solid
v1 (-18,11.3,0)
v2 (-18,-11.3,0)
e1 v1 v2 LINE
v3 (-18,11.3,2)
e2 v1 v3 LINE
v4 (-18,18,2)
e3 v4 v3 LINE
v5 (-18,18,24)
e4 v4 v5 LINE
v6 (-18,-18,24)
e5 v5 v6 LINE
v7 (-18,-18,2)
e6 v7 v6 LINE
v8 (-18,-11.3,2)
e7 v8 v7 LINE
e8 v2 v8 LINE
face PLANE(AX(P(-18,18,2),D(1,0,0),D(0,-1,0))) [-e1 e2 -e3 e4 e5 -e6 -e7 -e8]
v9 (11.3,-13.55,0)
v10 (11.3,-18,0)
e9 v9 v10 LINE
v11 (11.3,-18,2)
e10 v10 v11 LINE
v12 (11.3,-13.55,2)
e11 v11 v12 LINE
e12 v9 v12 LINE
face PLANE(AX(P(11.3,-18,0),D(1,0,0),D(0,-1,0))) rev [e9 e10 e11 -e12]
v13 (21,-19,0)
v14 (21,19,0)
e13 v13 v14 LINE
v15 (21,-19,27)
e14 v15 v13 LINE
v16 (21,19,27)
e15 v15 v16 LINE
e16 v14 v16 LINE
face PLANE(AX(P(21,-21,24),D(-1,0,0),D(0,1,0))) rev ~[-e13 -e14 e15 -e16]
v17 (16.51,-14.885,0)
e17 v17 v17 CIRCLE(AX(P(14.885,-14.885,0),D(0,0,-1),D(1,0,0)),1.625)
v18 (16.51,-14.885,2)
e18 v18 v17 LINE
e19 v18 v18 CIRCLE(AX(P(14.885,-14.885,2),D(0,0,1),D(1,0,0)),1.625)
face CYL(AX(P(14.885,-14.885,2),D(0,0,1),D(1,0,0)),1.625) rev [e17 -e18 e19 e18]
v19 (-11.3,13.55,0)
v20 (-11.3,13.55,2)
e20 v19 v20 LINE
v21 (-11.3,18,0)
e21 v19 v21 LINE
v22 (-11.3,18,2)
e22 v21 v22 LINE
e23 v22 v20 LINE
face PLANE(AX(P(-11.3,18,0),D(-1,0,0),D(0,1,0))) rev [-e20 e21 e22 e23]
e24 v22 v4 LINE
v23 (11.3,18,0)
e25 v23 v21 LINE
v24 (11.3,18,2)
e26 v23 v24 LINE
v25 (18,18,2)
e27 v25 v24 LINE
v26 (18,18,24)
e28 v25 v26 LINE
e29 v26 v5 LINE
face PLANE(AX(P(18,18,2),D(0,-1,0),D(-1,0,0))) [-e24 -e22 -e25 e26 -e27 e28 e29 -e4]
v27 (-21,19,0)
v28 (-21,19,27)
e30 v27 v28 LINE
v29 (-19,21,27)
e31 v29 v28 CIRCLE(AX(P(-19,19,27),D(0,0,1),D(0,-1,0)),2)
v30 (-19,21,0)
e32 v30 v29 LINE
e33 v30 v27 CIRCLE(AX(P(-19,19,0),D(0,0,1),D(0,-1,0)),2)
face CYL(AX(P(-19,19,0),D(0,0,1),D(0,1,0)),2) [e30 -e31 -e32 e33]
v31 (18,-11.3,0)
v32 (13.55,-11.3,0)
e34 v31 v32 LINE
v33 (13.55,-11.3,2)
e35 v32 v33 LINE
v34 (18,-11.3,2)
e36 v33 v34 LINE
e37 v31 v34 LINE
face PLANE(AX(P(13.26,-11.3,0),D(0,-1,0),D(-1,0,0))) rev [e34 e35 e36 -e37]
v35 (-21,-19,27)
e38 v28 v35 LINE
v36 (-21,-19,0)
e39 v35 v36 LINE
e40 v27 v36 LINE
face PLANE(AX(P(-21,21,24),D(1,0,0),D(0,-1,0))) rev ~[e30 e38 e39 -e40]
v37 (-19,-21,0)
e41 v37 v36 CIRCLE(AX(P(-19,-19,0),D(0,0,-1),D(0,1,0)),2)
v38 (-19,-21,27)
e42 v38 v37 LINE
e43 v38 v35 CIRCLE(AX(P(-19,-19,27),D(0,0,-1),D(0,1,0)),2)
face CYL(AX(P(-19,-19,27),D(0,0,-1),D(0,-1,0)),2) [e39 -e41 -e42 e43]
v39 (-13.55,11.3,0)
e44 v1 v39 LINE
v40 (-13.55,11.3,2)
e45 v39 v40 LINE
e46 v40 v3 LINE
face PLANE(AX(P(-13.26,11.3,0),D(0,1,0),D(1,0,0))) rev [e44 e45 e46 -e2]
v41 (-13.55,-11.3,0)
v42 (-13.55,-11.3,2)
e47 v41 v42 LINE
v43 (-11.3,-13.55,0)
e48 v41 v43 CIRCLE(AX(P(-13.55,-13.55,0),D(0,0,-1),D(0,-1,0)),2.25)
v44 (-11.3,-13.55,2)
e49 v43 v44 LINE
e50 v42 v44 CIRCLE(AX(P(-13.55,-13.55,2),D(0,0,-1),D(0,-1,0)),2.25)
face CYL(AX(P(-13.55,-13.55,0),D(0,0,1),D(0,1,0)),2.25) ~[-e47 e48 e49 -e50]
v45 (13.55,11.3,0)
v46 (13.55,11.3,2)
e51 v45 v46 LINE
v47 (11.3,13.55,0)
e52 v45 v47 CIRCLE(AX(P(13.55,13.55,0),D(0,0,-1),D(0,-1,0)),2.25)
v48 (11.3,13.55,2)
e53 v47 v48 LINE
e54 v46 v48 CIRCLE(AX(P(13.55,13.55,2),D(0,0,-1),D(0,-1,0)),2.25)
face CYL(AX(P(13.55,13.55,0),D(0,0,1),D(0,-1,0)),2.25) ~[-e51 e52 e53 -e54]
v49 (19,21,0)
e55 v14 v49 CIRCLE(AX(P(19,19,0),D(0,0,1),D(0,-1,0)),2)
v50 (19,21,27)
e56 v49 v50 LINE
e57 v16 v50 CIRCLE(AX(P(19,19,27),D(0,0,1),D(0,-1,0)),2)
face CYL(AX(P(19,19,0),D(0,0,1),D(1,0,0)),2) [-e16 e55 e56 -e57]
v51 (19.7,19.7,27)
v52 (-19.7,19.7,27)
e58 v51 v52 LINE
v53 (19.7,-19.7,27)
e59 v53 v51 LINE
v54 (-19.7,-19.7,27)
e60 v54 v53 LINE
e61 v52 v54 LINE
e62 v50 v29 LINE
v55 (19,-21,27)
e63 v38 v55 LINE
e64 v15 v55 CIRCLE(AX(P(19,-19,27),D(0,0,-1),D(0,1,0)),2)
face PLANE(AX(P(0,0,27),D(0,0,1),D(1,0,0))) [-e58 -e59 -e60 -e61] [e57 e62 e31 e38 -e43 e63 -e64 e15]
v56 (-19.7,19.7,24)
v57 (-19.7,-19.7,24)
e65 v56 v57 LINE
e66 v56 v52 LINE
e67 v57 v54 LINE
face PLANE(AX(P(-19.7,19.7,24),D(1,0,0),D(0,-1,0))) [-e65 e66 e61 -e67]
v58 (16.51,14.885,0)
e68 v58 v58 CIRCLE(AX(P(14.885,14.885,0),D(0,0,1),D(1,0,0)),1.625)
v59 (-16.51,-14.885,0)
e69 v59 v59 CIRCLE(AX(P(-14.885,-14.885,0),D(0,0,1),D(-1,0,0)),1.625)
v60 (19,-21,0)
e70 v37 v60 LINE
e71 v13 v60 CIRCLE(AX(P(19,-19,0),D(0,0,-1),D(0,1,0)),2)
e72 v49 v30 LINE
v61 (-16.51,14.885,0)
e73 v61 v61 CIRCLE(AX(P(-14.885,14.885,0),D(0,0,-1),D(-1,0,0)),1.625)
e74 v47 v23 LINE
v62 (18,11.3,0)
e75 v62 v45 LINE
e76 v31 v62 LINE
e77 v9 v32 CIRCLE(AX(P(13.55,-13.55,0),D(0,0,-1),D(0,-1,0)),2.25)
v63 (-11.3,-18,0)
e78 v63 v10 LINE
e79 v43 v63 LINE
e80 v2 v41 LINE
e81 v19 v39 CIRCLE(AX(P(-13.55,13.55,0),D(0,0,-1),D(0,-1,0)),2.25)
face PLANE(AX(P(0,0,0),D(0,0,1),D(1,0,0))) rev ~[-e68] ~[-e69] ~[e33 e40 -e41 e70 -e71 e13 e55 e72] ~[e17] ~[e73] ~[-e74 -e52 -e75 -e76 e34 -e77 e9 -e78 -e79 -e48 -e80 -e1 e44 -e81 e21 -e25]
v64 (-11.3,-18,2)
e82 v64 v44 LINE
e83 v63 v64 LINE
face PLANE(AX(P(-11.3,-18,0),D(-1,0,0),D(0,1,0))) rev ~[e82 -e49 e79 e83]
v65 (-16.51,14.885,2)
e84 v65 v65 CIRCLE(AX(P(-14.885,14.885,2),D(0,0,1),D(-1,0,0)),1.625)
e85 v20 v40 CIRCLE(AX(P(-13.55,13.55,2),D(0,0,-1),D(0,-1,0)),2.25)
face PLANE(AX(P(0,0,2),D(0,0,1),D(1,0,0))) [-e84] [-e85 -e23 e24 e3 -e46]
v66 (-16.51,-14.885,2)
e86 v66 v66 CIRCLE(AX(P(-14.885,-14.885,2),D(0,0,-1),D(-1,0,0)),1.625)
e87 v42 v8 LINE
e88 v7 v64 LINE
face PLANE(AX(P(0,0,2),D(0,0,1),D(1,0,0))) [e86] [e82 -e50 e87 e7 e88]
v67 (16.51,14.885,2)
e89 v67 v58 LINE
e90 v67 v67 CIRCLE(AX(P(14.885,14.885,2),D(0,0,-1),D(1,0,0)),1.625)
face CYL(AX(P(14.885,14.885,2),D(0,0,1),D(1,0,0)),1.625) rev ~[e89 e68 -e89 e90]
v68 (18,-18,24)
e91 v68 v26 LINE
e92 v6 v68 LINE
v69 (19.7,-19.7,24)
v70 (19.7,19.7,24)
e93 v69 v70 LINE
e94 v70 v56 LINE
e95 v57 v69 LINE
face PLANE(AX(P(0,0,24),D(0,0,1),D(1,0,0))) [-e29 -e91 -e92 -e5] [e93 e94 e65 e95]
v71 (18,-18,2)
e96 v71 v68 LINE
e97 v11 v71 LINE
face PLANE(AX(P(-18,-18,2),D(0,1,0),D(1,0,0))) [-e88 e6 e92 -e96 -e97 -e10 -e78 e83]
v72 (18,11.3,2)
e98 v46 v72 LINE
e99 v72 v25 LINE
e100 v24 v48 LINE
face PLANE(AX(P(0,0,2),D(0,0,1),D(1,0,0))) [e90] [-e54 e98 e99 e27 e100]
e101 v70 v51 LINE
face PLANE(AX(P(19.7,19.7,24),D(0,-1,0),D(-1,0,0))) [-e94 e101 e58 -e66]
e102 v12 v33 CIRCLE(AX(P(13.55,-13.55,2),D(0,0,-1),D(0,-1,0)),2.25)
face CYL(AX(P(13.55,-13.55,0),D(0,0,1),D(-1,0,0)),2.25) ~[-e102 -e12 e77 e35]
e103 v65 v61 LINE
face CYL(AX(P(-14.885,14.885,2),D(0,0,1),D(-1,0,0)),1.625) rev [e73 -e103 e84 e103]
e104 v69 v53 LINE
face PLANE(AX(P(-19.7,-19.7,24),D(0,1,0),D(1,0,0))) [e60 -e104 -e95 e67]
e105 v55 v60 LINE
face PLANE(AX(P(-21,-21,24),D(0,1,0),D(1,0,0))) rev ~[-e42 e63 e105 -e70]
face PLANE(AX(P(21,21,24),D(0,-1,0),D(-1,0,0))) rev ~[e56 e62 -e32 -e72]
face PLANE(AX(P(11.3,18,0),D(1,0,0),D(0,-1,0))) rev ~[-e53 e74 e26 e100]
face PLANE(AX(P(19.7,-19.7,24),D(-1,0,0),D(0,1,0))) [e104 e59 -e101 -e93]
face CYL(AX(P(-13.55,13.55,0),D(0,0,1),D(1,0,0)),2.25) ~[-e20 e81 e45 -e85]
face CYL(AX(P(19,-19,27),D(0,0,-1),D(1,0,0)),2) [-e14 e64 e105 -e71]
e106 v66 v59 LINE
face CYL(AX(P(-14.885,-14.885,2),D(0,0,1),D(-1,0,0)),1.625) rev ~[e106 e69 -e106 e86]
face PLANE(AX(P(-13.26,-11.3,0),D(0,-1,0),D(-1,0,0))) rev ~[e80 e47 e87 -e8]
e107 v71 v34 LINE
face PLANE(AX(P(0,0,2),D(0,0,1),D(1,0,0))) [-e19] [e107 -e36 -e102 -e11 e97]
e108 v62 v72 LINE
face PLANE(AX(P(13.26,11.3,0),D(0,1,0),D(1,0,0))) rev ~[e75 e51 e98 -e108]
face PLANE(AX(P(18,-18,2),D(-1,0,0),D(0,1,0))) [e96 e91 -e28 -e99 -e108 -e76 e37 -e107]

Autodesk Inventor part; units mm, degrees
ref_plane "YZ Plane" through (0, 0, 0) normal (1, 0, 0) x (0, 1, 0)
ref_plane "XZ Plane" through (0, 0, 0) normal (0, 1, 0) x (-1, 0, 0)
ref_plane "XY Plane" through (0, 0, 0) normal (0, 0, 1) x (1, 0, 0)
sketch "Sketch1" plane through (0, 0, 0) normal (0, 0, 1) x (1, 0, 0)
  line L0 (-21, -21) -> (21, -21)
  line L1 (21, -21) -> (21, 21)
  line L2 (21, 21) -> (-21, 21)
  line L3 (-21, 21) -> (-21, -21)
  line L4 (-21, -21) -> (21, 21) construction
  line L5 (21, -21) -> (-21, 21) construction
  line L6 (-18, -18) -> (18, -18)
  line L7 (18, -18) -> (18, 18)
  line L8 (18, 18) -> (-18, 18)
  line L9 (-18, 18) -> (-18, -18)
  line L10 (-18, -18) -> (18, 18) construction
  line L11 (18, -18) -> (-18, 18) construction
  line L12 (18, 18) -> (13.26, 18)
  line L13 (13.26, 18) -> (13.26, 13.26)
  line L14 (13.26, 13.26) -> (18, 13.26)
  line L15 (18, 13.26) -> (18, 18)
  line L16 (18, 18) -> (14.885, 18)
  line L17 (14.885, 18) -> (14.885, 14.885)
  line L18 (14.885, 14.885) -> (18, 14.885)
  line L19 (18, 14.885) -> (18, 18)
  circle A0 centre (14.885, 14.885) radius 1.625
  line L20 (18, 18) -> (11.3, 18)
  line L21 (11.3, 18) -> (11.3, 11.3)
  line L22 (11.3, 11.3) -> (18, 11.3)
  line L23 (18, 11.3) -> (18, 18)
  circle A1 centre (13.26, 13.26) radius 1.96
  point P0 (0, 0)
  dimension "d0" = 42
  dimension "d1" = 42
  dimension "d2" = 36
  dimension "d3" = 36
  dimension "d4" = 4.74
  dimension "d5" = 4.74
  dimension "d6" = 3.115
  dimension "d7" = 6.7
  dimension "d8" = 6.7
extrude "Extrusion1" add sketch "Sketch1" along normal blind 2 contours L3 L2 L1 L0 | L22 A1 L14 L7 | L8 L13 A1 L21 | L14 A1 A0 L18 L7 | L22 L21 A1 | A1 L13 L14 | L8 L17 A0 A1 L13 | L18 A0 L17 L8 L7 | L14 A0 A1 | A1 A0 L13 | A0 A1 L17 L18 | L18 L17 A0 | L14 L13 A0 | A0 A1
mirror "Mirror1" about plane through (0, 0, 0) normal (1, 0, 0) of "Extrusion1"
mirror "Mirror2" about plane through (0, 0, 0) normal (0, 1, 0) of "Extrusion1", "Mirror1"
fillet "Fillet1" radius 2.25 4 edges at (-11.3, 11.3, 1) (11.3, 11.3, 1) (11.3, -11.3, 1) (-11.3, -11.3, 1)
sketch "Sketch2" plane through (0, 0, 2) normal (0, 0, 1) x (1, 0, 0)
  line L0 (21, -21) -> (21, 21) projected
  line L1 (21, 21) -> (14.885, 21)
  line L2 (14.885, 21) -> (14.885, 14.885)
  line L3 (14.885, 14.885) -> (21, 14.885)
  line L4 (21, 14.885) -> (21, 21)
  circle A0 centre (14.885, 14.885) radius 1.625
  point P0 (0, 0)
  dimension "d12" = 6.115
  dimension "d13" = 6.115
  dimension "d14" = 3.25
extrude "Extrusion2" cut sketch "Sketch2" against normal blind 2 contours A0 L2 L3 | L3 L2 A0
mirror "Mirror3" about plane through (0, 0, 0) normal (0, 1, 0) of "Extrusion2"
mirror "Mirror4" about plane through (0, 0, 0) normal (1, 0, 0) of "Extrusion2", "Mirror3"
sketch "Sketch3" plane through (0, 0, 2) normal (0, 0, 1) x (1, 0, 0)
  line L0 (-18, -18) -> (18, -18)
  line L1 (18, -18) -> (18, 18)
  line L2 (18, 18) -> (-18, 18)
  line L3 (-18, 18) -> (-18, -18)
  line L4 (-18, -18) -> (18, 18) construction
  line L5 (18, -18) -> (-18, 18) construction
  line L6 (21, 21) -> (-21, 21) projected
  line L7 (-21, -21) -> (21, -21)
  line L8 (21, -21) -> (21, 21)
  line L9 (21, 21) -> (-21, 21)
  line L10 (-21, 21) -> (-21, -21)
  line L11 (-21, -21) -> (21, 21) construction
  line L12 (21, -21) -> (-21, 21) construction
  point P0 (0, 0)
  dimension "d17" = 36
  dimension "d18" = 36
extrude "Extrusion3" add sketch "Sketch3" along normal blind 22
sketch "Sketch4" plane through (0, 0, 24) normal (0, 0, 1) x (1, 0, 0)
  line L0 (21, 21) -> (-21, 21) projected
  line L1 (-21, -21) -> (21, -21)
  line L2 (21, -21) -> (21, 21)
  line L3 (21, 21) -> (-21, 21)
  line L4 (-21, 21) -> (-21, -21)
  line L5 (-21, -21) -> (21, 21) construction
  line L6 (21, -21) -> (-21, 21) construction
  line L7 (-19.7, -19.7) -> (19.7, -19.7)
  line L8 (19.7, -19.7) -> (19.7, 19.7)
  line L9 (19.7, 19.7) -> (-19.7, 19.7)
  line L10 (-19.7, 19.7) -> (-19.7, -19.7)
  line L11 (-19.7, -19.7) -> (19.7, 19.7) construction
  line L12 (19.7, -19.7) -> (-19.7, 19.7) construction
  point P0 (0, 0)
  dimension "d21" = 39.4
  dimension "d22" = 39.4
extrude "Extrusion4" add sketch "Sketch4" along normal blind 3
fillet "Fillet2" radius 2 4 edges at (21, -21, 13.5) (21, 21, 13.5) (-21, 21, 13.5) (-21, -21, 13.5)
properties part number "camerashield"
